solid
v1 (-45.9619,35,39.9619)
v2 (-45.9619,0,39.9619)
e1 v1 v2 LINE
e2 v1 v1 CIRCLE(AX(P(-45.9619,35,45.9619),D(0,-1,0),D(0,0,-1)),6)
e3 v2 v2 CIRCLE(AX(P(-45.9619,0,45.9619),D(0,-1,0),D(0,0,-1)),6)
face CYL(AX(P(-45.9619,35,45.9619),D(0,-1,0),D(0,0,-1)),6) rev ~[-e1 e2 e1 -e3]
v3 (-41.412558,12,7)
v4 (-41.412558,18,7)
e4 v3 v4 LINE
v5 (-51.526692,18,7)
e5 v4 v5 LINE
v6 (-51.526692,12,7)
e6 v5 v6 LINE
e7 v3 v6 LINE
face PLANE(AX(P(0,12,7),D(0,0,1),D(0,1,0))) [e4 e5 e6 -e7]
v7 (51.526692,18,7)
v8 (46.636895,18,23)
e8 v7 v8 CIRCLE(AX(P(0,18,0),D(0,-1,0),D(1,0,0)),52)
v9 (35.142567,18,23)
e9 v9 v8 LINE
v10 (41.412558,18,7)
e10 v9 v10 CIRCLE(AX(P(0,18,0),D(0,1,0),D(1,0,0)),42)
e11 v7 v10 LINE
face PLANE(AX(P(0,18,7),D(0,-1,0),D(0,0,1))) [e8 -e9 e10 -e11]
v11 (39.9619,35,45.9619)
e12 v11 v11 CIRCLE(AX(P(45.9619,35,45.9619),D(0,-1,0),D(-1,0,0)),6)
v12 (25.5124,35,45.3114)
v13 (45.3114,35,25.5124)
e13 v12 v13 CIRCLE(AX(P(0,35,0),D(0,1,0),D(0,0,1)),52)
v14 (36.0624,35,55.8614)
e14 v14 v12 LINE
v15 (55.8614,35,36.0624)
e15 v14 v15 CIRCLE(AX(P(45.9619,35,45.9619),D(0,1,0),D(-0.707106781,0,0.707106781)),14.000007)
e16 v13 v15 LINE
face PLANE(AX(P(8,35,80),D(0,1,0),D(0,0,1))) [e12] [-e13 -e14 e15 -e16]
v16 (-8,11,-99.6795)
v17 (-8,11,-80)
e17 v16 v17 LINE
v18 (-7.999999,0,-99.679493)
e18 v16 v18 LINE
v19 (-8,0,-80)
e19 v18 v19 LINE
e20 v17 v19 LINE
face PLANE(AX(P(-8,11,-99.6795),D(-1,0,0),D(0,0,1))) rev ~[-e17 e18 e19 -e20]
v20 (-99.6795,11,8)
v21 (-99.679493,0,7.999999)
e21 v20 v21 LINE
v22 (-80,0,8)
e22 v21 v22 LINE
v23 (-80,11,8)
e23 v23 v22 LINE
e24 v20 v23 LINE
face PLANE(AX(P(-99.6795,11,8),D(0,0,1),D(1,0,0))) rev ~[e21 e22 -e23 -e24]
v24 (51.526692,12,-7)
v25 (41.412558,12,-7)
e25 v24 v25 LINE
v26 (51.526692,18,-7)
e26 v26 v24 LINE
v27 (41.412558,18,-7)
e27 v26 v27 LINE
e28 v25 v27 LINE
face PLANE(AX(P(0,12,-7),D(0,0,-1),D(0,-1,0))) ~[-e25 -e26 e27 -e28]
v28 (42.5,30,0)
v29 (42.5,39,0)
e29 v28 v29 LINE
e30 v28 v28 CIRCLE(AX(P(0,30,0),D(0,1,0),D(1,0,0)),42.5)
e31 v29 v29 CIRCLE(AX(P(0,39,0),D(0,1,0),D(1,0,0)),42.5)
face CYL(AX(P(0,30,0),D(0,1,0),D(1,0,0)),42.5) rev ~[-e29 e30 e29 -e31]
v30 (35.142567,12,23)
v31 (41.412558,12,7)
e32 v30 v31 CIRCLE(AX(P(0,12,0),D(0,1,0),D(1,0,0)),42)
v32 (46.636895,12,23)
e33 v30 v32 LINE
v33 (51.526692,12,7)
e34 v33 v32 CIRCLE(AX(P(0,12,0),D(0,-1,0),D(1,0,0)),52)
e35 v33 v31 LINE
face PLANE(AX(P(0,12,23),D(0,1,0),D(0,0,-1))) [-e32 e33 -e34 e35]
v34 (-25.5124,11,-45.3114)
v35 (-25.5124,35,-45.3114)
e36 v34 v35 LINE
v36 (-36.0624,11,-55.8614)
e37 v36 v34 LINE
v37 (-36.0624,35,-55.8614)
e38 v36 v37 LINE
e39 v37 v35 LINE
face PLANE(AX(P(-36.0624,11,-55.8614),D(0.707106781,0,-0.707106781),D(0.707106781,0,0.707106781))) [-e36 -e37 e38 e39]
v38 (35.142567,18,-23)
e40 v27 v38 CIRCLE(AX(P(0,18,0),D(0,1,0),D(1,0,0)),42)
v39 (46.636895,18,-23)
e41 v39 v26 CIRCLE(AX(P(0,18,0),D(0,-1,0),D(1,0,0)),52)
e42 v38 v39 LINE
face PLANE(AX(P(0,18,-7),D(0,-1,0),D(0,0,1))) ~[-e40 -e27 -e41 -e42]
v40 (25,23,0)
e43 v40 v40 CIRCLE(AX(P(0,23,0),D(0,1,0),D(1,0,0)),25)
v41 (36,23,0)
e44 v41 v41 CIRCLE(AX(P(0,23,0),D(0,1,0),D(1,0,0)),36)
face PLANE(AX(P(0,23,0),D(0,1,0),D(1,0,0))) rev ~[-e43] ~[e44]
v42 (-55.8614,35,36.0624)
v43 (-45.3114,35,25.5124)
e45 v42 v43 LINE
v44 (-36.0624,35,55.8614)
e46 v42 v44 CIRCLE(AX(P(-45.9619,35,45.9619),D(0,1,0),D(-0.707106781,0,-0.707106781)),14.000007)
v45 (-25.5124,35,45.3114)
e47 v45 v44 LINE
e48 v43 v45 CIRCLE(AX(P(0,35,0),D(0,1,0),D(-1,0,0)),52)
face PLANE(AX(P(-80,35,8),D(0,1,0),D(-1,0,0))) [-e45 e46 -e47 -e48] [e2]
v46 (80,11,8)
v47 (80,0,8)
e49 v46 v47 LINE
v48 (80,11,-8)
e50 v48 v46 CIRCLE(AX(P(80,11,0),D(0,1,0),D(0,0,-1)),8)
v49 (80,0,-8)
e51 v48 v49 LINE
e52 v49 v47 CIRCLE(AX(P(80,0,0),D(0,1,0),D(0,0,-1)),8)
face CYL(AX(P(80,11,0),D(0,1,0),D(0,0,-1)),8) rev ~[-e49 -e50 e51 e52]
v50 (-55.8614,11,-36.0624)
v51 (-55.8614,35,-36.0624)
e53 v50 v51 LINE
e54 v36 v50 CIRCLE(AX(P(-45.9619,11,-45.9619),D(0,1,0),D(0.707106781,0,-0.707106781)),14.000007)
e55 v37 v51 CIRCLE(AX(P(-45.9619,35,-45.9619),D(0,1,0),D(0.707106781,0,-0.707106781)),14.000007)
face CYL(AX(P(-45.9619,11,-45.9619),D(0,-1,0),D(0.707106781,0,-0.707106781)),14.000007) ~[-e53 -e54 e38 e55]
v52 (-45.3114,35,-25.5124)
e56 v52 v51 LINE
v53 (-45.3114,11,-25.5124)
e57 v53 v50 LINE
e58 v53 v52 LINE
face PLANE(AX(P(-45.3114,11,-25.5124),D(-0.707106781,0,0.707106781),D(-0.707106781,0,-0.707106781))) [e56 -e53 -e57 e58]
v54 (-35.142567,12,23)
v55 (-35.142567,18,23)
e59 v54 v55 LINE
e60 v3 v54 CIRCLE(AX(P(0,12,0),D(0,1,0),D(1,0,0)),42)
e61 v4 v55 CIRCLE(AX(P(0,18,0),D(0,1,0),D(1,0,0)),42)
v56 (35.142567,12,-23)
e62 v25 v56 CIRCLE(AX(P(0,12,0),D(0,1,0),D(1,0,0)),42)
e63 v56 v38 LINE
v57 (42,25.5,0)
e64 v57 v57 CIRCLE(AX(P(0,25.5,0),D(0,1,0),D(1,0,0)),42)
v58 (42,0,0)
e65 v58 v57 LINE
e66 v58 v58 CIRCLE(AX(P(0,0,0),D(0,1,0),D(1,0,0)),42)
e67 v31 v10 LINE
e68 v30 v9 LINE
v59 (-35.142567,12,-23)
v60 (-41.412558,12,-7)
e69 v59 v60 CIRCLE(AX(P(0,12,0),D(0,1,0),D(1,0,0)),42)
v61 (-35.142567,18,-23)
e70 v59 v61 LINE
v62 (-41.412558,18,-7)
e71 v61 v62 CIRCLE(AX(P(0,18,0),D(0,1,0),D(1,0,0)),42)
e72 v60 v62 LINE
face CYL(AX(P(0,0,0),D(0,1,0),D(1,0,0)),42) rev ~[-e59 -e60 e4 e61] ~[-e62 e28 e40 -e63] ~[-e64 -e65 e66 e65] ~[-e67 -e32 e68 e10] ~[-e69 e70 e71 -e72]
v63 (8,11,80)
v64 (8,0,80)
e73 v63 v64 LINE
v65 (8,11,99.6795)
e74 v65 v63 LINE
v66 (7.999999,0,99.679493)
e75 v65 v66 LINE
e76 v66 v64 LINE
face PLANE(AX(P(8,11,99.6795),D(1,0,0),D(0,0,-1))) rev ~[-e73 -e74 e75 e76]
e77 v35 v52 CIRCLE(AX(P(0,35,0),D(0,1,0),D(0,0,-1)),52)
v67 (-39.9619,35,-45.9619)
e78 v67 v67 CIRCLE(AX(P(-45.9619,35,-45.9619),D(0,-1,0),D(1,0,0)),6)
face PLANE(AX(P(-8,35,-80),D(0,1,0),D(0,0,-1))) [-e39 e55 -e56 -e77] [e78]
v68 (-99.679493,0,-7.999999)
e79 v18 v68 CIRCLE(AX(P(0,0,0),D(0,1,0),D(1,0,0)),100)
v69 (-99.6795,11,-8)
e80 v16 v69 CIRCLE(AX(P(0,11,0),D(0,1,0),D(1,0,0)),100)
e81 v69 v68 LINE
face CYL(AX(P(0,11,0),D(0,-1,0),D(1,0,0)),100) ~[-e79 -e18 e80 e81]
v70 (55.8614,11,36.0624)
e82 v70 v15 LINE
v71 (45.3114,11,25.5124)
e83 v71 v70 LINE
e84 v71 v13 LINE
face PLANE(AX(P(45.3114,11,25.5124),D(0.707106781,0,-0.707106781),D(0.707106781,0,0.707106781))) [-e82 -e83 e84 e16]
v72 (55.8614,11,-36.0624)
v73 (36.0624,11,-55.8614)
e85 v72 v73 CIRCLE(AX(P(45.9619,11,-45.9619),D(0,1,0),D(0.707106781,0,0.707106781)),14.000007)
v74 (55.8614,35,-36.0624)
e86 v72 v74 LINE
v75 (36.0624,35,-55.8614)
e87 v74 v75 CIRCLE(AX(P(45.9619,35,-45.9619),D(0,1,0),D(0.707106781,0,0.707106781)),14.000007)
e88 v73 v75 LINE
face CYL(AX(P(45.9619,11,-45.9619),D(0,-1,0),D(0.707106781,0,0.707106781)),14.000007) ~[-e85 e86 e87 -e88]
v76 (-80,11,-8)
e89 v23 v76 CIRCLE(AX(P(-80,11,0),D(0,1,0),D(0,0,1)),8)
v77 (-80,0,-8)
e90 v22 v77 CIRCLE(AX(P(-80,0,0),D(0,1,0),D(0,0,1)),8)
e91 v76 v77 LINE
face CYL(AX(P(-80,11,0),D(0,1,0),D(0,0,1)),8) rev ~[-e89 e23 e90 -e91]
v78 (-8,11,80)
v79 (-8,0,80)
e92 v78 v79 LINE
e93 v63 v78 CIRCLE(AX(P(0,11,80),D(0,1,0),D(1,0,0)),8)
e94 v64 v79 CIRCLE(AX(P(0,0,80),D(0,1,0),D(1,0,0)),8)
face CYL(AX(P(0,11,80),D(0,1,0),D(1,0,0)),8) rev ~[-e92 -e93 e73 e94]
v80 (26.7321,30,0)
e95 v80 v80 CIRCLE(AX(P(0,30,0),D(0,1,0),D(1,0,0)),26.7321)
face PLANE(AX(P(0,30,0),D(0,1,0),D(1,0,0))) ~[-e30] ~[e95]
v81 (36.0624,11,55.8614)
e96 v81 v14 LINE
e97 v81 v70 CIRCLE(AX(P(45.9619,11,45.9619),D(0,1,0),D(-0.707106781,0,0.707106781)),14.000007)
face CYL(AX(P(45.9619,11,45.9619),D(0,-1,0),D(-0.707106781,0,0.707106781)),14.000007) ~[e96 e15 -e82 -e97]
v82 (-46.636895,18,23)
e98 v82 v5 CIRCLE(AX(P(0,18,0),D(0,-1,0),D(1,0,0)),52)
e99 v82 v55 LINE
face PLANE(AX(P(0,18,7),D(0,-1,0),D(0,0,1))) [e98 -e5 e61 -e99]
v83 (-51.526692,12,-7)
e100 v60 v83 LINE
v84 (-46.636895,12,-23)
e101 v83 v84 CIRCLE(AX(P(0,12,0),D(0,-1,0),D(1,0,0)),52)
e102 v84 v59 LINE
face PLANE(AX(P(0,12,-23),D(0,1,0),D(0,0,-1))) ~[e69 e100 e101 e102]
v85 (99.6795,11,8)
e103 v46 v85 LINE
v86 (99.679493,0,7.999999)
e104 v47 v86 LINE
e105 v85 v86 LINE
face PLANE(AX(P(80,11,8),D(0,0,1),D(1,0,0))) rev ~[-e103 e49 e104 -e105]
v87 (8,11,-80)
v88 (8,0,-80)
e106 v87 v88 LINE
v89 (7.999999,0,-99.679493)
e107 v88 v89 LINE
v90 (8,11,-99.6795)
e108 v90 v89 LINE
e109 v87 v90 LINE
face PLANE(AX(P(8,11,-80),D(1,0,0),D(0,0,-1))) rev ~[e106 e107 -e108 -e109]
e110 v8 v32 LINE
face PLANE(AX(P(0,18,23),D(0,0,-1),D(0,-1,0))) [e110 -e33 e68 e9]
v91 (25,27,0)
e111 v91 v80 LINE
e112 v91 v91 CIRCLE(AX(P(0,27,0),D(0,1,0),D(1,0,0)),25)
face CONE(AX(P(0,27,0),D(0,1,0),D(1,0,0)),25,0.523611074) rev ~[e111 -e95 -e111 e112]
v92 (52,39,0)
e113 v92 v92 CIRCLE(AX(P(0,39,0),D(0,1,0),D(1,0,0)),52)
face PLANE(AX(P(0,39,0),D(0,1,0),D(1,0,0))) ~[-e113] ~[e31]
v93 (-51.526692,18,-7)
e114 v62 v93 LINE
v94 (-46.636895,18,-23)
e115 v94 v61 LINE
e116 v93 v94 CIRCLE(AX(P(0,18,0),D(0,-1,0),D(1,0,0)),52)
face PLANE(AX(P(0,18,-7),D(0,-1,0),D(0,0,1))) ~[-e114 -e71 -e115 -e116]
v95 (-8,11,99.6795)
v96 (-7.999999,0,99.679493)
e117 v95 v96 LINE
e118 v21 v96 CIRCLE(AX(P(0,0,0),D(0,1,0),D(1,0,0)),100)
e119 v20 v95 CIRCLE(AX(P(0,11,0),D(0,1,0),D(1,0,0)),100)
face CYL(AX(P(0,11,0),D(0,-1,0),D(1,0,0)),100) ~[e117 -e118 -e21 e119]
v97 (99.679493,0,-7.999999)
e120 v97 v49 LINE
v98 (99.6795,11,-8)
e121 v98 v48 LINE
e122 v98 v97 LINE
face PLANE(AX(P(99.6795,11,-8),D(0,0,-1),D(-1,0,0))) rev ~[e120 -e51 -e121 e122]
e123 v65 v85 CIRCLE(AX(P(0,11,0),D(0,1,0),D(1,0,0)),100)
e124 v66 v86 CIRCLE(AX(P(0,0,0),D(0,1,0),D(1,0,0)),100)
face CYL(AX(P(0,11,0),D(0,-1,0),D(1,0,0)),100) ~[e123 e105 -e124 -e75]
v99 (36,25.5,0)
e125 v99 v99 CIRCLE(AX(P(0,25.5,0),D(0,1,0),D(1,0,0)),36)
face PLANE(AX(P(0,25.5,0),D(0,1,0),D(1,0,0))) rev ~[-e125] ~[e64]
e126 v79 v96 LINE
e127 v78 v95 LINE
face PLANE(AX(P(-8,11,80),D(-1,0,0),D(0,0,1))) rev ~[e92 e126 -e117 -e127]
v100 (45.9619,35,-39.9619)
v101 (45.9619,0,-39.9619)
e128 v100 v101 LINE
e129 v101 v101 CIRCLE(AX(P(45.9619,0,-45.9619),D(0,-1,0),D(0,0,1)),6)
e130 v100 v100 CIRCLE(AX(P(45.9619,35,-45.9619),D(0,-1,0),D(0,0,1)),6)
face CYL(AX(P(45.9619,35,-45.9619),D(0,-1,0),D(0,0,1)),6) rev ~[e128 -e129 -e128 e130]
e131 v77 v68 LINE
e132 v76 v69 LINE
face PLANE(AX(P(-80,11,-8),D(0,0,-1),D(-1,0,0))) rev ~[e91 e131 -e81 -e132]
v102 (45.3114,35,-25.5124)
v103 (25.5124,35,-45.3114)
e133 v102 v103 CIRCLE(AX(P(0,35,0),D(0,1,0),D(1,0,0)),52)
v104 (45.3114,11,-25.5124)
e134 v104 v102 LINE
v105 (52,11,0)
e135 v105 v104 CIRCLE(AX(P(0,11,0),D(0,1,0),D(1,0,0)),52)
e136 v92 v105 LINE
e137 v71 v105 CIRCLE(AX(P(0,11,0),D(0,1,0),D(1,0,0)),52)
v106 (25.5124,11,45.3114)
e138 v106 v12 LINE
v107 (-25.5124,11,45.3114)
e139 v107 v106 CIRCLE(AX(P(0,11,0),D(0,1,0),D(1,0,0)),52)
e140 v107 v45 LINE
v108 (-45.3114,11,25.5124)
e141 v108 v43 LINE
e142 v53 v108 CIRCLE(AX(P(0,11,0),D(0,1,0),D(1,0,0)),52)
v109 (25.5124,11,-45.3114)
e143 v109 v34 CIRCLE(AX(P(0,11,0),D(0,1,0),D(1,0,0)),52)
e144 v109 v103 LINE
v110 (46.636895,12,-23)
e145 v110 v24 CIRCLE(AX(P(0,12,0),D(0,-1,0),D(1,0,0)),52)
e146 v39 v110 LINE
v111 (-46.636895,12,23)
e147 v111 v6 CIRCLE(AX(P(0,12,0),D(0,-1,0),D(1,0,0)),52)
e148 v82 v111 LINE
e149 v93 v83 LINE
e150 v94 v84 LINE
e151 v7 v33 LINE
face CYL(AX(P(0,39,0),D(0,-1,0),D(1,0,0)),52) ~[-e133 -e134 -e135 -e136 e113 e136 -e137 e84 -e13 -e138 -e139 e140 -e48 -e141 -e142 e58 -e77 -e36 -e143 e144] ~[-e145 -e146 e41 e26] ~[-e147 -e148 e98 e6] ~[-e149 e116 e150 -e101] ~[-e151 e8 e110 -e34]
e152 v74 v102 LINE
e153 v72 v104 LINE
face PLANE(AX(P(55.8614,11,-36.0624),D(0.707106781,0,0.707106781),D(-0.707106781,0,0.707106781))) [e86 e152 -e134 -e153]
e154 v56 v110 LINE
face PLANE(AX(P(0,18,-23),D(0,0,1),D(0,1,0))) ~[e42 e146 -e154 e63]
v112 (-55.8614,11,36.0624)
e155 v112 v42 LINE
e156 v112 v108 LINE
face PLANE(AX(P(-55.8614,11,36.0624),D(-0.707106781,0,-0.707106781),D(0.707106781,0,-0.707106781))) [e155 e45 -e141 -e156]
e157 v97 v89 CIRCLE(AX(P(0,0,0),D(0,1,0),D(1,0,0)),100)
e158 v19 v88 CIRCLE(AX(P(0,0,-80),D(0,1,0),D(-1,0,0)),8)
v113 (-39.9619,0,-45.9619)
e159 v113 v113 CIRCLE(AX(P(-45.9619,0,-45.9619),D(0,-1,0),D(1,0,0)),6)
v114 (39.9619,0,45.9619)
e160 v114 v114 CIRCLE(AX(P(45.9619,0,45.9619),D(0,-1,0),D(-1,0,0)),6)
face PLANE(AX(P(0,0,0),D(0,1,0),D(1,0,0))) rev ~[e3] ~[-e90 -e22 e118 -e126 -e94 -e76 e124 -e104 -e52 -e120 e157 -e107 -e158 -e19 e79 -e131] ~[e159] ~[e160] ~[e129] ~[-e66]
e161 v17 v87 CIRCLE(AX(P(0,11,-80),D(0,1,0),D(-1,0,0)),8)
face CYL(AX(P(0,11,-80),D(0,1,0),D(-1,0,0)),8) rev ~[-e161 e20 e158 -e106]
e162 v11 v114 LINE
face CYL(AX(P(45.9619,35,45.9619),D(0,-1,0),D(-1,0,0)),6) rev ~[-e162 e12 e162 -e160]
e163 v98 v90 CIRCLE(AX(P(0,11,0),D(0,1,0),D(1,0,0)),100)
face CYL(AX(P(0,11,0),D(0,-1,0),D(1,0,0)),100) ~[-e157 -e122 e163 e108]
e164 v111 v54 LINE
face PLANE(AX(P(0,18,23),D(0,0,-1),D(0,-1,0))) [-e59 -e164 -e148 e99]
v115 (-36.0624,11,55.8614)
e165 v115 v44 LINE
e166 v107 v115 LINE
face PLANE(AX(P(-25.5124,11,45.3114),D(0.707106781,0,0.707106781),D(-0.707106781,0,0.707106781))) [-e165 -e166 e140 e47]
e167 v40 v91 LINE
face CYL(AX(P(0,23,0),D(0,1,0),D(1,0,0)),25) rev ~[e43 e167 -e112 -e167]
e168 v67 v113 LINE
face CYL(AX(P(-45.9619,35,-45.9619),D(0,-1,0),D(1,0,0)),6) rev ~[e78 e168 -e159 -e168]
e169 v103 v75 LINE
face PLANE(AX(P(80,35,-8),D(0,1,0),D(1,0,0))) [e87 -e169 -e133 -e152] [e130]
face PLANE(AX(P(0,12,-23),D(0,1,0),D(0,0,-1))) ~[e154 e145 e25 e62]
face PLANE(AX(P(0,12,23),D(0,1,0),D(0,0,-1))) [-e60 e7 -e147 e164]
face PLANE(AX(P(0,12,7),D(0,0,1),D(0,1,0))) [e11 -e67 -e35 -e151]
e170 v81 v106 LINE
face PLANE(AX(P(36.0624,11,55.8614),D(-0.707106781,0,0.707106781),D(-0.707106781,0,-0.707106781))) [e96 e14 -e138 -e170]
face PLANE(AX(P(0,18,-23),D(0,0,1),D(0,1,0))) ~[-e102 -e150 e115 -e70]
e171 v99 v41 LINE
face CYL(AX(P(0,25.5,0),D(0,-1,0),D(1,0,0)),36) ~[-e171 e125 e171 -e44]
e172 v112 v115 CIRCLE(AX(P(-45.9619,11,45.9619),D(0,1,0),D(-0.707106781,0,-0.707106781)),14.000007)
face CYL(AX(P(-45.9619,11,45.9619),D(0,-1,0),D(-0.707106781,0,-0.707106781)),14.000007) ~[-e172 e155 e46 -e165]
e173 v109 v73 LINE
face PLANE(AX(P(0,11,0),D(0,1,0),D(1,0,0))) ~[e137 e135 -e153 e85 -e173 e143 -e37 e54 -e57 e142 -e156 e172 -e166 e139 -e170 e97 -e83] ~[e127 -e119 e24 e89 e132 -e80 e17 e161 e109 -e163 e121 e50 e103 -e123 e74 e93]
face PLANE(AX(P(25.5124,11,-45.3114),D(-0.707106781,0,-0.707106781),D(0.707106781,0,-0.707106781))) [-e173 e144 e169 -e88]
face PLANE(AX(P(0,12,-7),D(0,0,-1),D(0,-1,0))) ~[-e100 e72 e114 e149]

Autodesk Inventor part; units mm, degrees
ref_plane "YZ Plane" through (0, 0, 0) normal (1, 0, 0) x (0, 1, 0)
ref_plane "XZ Plane" through (0, 0, 0) normal (0, 1, 0) x (-1, 0, 0)
ref_plane "XY Plane" through (0, 0, 0) normal (0, 0, 1) x (1, 0, 0)
sketch "Sketch1" plane through (0, 0, 0) normal (0, 0, 1) x (1, 0, 0)
  line L0 (0, 0) -> (0, 39)
  line L1 (42, 0) -> (42, 25.5)
  line L2 (42, 25.5) -> (36, 25.5)
  line L3 (36, 25.5) -> (36, 23)
  line L4 (36, 23) -> (25, 23)
  line L5 (25, 23) -> (25, 27)
  line L6 (25, 27) -> (26.7321, 30)
  line L7 (26.7321, 30) -> (42.5, 30)
  line L8 (42.5, 30) -> (42.5, 39)
  line L9 (42.5, 39) -> (52, 39)
  line L10 (52, 39) -> (52, 11)
  line L11 (52, 11) -> (100, 11)
  line L12 (100, 11) -> (100, 0)
  line L13 (100, 0) -> (42, 0)
  dimension "d0" = 39
  dimension "d1" = 200
  dimension "d2" = 84
  dimension "d3" = 85
  dimension "d4" = 11
  dimension "d5" = 50
  dimension "d6" = 72
  dimension "d7" = 23
  dimension "d8" = 30
  dimension "d9" = 30
  dimension "d10" = 25.5
  dimension "d11" = 104
  dimension "d12" = 3
revolve "Revolution1" add sketch "Sketch1" angle 360 about axis through (0, 0, 0) along (0, 1, 0)
sketch "Sketch2" plane through (0, 0, 0) normal (1, 0, 0) x (0, 1, 0)
  line L0 (18, 23) -> (12, 23)
  line L1 (12, 23) -> (12, 7)
  line L2 (12, 7) -> (18, 7)
  line L3 (18, 7) -> (18, 23)
  line L4 (0, -42) -> (0, 42) projected
  point P0 (0, 0)
  point P1 (0, 0)
  dimension "d14" = 12
  dimension "d15" = 6
  dimension "d16" = 16
  dimension "d17" = 7
extrude "Extrusion1" cut sketch "Sketch2" along normal through all both and the other way through all
mirror "Mirror1" about plane through (0, 0, 0) normal (0, 0, 1) of "Extrusion1"
sketch "Sketch3" plane through (0, 11, 0) normal (0, 1, 0) x (1, 0, 0)
  circle A0 centre (0, 0) radius 52 projected
  circle A1 centre (0, 0) radius 100 projected
  line L0 (99.6795, 8) -> (80, 8)
  arc A2 (80, 8) -> (80, -8) centre (80, 0) ccw
  line L1 (80, -8) -> (99.6795, -8)
  arc A3 (99.6795, -8) -> (99.6795, 8) centre (0, 0) ccw
  dimension "d20" = 8
  dimension "d21" = 80
extrude "Extrusion2" cut sketch "Sketch3" against normal through all contours A1 L1 A2 L0 picked at (86.6667, 0)
sketch "Sketch4" plane through (80, 11, -8) normal (0, 1, 0) x (1, 0, 0)
  circle A0 centre (-80, -8) radius 52 projected
  line L0 (-80, -8) -> (-34.0381, 37.9619) construction
  line L1 (-80, -8) -> (-15, -8) construction
  line L2 (-54.4876, 37.3114) -> (-43.9376, 47.8614)
  arc A1 (-24.1386, 28.0624) -> (-43.9376, 47.8614) centre (-34.0381, 37.9619) ccw
  line L3 (-24.1386, 28.0624) -> (-34.6886, 17.5124)
  dimension "d24" = 65
  dimension "d25" = 45
  dimension "d26" = 14
extrude "Extrusion3" add sketch "Sketch4" along normal blind 24 contours A0 L2 A1 L3
sketch "Sketch5" plane through (80, 35, -8) normal (0, 1, 0) x (1, 0, 0)
  arc A0 (-24.1386, 28.0624) -> (-43.9376, 47.8614) centre (-34.0381, 37.9619) ccw projected
  point P0 (-80, -8)
hole "Hole1" at (45.9619, 35, -45.9619) direction (0, -1, 0) diameter 12 end through all
pattern_circular "Circular Pattern1" count 4 over 360 about axis through (0, 5.5, 0) along (0, 1, 0) of "Extrusion2", "Extrusion3", "Hole1"
properties part number "Part038. Flat stand" material "Steel, Carbon"
